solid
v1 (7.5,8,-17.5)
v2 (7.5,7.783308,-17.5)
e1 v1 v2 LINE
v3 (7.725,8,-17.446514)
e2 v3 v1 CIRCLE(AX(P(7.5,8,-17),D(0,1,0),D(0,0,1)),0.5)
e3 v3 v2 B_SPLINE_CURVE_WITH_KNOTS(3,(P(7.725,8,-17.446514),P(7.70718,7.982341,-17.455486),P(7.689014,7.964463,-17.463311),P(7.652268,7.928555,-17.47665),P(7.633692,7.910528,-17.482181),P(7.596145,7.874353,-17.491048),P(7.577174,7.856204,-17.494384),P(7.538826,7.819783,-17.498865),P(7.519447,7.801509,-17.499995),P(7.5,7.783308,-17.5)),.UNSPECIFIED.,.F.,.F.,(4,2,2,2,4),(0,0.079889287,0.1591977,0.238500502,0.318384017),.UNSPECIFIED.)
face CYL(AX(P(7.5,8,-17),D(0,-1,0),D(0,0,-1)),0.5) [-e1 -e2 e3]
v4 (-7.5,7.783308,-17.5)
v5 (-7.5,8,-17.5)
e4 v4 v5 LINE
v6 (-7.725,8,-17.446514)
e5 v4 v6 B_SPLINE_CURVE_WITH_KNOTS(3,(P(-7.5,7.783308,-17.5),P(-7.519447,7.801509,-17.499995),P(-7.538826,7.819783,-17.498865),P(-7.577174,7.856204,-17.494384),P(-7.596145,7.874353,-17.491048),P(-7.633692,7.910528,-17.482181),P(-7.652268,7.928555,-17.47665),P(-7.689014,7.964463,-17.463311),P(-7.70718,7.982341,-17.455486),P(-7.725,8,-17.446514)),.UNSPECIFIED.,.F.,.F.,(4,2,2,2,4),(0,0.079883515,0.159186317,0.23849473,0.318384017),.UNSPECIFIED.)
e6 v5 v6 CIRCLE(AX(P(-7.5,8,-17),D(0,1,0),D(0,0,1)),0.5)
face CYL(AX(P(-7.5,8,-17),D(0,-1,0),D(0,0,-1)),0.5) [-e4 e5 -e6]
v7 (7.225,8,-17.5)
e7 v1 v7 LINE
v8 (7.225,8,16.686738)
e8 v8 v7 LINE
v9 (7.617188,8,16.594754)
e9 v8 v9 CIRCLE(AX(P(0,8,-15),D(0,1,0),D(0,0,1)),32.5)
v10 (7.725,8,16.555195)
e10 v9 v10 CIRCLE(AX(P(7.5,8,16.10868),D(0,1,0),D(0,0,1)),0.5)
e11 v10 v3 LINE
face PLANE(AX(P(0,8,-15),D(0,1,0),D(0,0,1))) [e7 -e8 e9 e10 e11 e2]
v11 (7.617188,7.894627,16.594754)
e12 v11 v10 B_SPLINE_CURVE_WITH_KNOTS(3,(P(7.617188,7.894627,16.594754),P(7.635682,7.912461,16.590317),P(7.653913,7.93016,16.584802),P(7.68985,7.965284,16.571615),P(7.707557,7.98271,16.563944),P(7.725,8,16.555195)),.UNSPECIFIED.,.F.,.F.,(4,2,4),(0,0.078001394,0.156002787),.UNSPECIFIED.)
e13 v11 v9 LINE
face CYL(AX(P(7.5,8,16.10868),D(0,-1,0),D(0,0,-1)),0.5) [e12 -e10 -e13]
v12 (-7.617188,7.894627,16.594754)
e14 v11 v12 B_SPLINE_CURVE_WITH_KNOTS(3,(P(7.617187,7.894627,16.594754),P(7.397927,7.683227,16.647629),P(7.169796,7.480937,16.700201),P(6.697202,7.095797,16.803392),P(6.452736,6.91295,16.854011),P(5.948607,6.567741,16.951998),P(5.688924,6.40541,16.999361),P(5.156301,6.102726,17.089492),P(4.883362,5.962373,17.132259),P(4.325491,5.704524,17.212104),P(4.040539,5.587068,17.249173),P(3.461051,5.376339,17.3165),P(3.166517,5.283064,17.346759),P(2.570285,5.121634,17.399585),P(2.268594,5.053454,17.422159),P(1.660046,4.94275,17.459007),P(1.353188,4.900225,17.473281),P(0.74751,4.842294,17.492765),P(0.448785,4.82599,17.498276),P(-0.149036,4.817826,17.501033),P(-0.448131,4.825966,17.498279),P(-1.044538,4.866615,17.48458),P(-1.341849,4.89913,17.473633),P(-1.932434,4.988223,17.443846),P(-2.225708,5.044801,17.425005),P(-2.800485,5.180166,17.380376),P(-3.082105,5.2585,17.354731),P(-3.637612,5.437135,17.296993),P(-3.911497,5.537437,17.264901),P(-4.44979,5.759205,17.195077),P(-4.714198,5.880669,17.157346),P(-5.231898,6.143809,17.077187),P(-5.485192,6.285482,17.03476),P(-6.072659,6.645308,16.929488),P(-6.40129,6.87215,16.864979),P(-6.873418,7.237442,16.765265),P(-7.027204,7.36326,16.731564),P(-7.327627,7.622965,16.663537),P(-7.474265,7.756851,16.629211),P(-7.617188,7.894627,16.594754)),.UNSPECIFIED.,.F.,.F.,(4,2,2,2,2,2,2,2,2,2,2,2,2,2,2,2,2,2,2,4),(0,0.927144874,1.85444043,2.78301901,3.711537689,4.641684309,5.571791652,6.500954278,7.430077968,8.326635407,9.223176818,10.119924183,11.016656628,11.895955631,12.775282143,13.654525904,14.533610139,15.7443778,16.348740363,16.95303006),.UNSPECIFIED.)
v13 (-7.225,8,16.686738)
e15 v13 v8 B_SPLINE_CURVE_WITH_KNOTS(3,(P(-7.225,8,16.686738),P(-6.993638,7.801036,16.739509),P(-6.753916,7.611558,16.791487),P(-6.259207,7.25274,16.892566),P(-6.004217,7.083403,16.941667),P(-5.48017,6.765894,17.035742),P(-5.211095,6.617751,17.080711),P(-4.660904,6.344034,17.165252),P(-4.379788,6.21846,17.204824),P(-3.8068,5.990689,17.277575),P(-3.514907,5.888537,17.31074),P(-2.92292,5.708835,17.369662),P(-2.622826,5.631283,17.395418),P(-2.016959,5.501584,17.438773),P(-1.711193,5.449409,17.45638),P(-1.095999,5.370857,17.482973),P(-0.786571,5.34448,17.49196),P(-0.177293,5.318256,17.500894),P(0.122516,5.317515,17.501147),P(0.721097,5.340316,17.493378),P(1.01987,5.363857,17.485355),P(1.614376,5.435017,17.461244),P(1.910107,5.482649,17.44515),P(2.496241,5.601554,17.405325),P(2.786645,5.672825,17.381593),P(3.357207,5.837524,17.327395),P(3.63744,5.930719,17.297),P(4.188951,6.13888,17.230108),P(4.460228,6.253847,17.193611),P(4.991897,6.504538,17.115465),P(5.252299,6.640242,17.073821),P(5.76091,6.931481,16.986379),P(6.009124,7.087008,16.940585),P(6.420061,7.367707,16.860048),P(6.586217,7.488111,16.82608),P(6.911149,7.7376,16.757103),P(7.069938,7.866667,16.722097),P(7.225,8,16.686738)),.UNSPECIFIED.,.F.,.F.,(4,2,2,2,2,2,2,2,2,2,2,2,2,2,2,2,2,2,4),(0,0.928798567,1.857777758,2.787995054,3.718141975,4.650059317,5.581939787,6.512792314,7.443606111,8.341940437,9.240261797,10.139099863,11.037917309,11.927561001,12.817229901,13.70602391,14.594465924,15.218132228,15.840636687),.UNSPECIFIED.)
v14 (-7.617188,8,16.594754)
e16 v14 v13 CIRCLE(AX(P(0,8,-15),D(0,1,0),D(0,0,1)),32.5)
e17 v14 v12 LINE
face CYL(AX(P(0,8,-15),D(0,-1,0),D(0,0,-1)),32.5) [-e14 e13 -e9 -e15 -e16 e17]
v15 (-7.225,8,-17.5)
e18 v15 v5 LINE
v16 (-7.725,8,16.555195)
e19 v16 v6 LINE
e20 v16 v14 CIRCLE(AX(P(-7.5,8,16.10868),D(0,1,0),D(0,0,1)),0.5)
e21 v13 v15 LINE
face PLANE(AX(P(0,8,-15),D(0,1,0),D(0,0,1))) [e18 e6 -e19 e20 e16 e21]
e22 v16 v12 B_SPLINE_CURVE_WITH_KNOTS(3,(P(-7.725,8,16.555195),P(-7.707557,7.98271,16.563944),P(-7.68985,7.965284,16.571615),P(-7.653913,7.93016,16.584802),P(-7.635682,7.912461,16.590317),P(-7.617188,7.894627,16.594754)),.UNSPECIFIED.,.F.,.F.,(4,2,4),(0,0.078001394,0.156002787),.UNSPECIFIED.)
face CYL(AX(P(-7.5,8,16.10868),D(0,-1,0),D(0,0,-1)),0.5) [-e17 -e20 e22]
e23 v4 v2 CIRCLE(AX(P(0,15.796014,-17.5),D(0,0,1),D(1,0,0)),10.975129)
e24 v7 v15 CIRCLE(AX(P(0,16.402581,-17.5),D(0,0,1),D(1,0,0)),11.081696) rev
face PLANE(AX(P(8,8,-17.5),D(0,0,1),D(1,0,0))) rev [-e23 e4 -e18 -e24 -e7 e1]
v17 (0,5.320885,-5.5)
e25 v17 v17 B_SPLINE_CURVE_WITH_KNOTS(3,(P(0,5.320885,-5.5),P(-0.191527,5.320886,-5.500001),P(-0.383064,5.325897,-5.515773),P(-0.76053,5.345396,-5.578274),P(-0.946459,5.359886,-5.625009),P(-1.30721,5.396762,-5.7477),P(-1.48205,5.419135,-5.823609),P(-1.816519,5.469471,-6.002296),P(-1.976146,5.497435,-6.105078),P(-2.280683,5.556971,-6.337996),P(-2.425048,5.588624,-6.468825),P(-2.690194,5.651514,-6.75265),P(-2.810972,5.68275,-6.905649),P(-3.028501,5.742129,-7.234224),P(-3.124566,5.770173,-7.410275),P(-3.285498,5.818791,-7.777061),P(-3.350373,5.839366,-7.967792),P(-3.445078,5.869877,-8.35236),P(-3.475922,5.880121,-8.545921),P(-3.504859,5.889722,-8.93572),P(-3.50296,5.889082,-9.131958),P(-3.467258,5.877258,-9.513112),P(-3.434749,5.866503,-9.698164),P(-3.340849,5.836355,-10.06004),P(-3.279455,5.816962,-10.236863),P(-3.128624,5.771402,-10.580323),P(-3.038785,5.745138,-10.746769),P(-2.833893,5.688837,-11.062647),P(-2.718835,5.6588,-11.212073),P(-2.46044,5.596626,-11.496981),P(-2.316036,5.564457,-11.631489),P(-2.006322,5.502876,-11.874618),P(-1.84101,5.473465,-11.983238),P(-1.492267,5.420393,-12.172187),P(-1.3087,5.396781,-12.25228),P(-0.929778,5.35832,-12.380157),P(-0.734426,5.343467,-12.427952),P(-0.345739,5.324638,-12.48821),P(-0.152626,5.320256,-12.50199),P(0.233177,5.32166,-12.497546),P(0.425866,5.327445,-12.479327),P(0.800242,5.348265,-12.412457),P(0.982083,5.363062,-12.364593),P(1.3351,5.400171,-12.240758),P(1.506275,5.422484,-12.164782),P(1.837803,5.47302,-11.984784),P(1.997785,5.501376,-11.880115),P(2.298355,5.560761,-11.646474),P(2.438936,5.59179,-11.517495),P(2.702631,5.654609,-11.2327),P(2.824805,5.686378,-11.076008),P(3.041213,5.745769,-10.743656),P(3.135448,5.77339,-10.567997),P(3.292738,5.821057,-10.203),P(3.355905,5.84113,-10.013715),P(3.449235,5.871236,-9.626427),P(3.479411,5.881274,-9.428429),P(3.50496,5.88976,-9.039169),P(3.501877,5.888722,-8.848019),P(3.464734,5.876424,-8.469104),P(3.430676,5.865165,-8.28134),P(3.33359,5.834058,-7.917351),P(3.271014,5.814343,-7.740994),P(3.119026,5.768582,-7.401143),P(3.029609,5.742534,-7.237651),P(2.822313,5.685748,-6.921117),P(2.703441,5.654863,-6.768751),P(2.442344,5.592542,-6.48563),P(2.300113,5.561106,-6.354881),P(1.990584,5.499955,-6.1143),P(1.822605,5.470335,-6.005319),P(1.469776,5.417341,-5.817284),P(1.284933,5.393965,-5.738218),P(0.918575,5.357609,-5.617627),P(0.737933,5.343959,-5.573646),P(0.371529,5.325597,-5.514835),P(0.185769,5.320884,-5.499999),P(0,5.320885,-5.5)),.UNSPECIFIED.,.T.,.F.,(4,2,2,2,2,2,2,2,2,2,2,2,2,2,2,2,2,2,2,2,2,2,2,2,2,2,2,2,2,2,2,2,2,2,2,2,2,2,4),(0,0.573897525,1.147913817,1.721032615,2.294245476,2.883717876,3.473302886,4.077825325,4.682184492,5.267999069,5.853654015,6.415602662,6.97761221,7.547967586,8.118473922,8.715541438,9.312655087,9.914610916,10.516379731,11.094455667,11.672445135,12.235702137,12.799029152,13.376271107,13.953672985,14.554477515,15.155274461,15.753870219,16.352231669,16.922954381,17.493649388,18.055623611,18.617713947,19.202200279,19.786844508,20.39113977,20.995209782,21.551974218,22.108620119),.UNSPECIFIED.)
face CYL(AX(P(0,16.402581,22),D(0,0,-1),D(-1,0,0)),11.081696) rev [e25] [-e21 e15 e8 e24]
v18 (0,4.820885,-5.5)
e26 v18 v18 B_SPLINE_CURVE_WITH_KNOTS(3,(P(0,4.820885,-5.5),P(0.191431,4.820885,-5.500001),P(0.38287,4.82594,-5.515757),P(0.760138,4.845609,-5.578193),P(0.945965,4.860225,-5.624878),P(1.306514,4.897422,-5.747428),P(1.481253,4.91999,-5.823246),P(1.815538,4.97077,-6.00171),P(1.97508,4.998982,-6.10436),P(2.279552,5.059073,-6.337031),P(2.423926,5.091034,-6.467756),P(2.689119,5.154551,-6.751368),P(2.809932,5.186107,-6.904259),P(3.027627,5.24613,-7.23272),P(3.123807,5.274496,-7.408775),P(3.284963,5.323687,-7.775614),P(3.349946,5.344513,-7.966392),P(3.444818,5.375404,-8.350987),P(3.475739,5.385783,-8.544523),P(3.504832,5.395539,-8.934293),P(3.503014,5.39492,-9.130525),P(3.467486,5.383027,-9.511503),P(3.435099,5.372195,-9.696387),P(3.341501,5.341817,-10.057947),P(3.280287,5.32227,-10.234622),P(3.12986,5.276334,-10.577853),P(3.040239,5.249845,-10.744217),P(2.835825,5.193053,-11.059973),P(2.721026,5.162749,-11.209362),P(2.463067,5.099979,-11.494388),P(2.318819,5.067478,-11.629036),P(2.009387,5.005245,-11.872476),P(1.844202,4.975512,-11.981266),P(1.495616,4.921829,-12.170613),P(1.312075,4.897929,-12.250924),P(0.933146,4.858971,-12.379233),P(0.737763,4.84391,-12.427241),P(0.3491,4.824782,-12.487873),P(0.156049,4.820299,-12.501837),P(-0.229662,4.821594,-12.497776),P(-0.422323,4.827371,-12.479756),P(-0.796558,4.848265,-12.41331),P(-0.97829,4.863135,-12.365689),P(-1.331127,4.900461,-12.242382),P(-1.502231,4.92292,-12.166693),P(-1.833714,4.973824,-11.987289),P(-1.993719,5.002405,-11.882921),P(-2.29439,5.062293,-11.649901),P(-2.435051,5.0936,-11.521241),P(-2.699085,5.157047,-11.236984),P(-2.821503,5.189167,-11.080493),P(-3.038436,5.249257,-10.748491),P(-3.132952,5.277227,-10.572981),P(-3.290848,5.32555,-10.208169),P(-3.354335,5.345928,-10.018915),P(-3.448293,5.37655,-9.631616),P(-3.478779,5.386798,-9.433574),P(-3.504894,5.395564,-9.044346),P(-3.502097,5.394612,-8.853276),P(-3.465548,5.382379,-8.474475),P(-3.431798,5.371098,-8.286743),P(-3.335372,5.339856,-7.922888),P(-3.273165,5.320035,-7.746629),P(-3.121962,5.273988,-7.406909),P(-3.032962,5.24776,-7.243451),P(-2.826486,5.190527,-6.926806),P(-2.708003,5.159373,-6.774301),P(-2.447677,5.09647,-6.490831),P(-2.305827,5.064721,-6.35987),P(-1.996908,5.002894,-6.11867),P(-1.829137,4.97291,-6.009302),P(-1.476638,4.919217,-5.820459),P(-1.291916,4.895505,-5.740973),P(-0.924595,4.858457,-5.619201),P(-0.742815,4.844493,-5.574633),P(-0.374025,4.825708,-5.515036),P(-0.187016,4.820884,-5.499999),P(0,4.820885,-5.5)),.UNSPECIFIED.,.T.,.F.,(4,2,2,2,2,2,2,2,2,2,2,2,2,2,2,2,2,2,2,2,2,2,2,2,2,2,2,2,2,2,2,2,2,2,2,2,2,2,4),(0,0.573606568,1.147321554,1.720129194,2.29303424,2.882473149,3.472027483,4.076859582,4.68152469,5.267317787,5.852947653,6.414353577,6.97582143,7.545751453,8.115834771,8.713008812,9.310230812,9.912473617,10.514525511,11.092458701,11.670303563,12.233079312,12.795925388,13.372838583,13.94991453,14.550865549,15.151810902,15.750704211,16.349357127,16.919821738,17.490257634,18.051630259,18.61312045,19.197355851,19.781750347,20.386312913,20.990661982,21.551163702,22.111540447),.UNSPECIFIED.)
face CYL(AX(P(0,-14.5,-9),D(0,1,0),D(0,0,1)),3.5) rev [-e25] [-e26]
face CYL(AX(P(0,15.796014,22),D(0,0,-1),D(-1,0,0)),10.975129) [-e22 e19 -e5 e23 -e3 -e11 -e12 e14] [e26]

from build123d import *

# Parameters (mm, degrees)
BOSS_EXTRUDE1_DEPTH = 8
FILLET1_R           = 0.5
SKETCH2_R           = 3.5
CUT_EXTRUDE1_DEPTH  = 22.5
SKETCH5_OUTSIDE_W   = 25.862
SKETCH5_OUTSIDE_H   = 17.862
CUT_EXTRUDE2_DEPTH  = 39.5
SKETCH6_OUTSIDE_W   = 25.128
SKETCH6_OUTSIDE_H   = 12.878
CUT_EXTRUDE3_DEPTH  = 39.5


with BuildPart() as part:
    # Sketch1 → Boss-Extrude1 (new body)
    with BuildSketch(Plane(origin=(0, 0, 0), x_dir=(1, 0, 0), z_dir=(0, 1, 0))):
        with BuildLine():
            Line((8, -16.5), (8, 17.5))
            Line((8, 17.5), (-8, 17.5))
            Line((-8, 17.5), (-8, -16.5))
            ThreePointArc((-8, -16.5), (0, -17.5), (8, -16.5))
        make_face()
    extrude(amount=BOSS_EXTRUDE1_DEPTH)

    # Fillet1
    fillet1_edges = [part.edges().sort_by_distance(p)[0] for p in [
        (-8, 4, -17.5),
        (8, 4, -17.5),
        (8, 4, 16.5),
        (-8, 4, 16.5),
    ]]
    fillet(fillet1_edges, radius=FILLET1_R)

    # Sketch2 → Cut-Extrude1 (cut)
    with BuildSketch(Plane(origin=(0, 8, 0), x_dir=(1, 0, 0), z_dir=(0, 1, 0))):
        with Locations(Location((0, 9, 0), (0, 0, 270))):
            Circle(SKETCH2_R)
    extrude(amount=-CUT_EXTRUDE1_DEPTH, mode=Mode.SUBTRACT)

    # Sketch5 outside → Cut-Extrude2 (cut, symmetric)
    with BuildSketch(Plane(origin=(0, 0, -17.5), x_dir=(-1, 0, 0), z_dir=(0, 0, -1))):
        with Locations((0, 4)):
            Rectangle(SKETCH5_OUTSIDE_W, SKETCH5_OUTSIDE_H)
        with BuildLine():
            Line((0, 8), (-7.725, 8))
            ThreePointArc((-7.725, 8), (0, 4.8), (7.725, 8))
            Line((7.725, 8), (0, 8))
        make_face(mode=Mode.SUBTRACT)
    extrude(amount=CUT_EXTRUDE2_DEPTH, both=True, mode=Mode.SUBTRACT)

    # Sketch6 outside → Cut-Extrude3 (cut, symmetric)
    with BuildSketch(Plane(origin=(0, 0, -17.5), x_dir=(-1, 0, 0), z_dir=(0, 0, -1))):
        with Locations((0, 6.4)):
            Rectangle(SKETCH6_OUTSIDE_W, SKETCH6_OUTSIDE_H)
        with BuildLine():
            Line((-7.725, 8), (-7.225, 8))
            ThreePointArc((-7.225, 8), (0, 5.320884761), (7.225, 8))
            Line((7.225, 8), (7.725, 8))
            ThreePointArc((7.725, 8), (0, 4.820884761), (-7.725, 8))
        make_face(mode=Mode.SUBTRACT)
    extrude(amount=CUT_EXTRUDE3_DEPTH, both=True, mode=Mode.SUBTRACT)


solid = part.part
